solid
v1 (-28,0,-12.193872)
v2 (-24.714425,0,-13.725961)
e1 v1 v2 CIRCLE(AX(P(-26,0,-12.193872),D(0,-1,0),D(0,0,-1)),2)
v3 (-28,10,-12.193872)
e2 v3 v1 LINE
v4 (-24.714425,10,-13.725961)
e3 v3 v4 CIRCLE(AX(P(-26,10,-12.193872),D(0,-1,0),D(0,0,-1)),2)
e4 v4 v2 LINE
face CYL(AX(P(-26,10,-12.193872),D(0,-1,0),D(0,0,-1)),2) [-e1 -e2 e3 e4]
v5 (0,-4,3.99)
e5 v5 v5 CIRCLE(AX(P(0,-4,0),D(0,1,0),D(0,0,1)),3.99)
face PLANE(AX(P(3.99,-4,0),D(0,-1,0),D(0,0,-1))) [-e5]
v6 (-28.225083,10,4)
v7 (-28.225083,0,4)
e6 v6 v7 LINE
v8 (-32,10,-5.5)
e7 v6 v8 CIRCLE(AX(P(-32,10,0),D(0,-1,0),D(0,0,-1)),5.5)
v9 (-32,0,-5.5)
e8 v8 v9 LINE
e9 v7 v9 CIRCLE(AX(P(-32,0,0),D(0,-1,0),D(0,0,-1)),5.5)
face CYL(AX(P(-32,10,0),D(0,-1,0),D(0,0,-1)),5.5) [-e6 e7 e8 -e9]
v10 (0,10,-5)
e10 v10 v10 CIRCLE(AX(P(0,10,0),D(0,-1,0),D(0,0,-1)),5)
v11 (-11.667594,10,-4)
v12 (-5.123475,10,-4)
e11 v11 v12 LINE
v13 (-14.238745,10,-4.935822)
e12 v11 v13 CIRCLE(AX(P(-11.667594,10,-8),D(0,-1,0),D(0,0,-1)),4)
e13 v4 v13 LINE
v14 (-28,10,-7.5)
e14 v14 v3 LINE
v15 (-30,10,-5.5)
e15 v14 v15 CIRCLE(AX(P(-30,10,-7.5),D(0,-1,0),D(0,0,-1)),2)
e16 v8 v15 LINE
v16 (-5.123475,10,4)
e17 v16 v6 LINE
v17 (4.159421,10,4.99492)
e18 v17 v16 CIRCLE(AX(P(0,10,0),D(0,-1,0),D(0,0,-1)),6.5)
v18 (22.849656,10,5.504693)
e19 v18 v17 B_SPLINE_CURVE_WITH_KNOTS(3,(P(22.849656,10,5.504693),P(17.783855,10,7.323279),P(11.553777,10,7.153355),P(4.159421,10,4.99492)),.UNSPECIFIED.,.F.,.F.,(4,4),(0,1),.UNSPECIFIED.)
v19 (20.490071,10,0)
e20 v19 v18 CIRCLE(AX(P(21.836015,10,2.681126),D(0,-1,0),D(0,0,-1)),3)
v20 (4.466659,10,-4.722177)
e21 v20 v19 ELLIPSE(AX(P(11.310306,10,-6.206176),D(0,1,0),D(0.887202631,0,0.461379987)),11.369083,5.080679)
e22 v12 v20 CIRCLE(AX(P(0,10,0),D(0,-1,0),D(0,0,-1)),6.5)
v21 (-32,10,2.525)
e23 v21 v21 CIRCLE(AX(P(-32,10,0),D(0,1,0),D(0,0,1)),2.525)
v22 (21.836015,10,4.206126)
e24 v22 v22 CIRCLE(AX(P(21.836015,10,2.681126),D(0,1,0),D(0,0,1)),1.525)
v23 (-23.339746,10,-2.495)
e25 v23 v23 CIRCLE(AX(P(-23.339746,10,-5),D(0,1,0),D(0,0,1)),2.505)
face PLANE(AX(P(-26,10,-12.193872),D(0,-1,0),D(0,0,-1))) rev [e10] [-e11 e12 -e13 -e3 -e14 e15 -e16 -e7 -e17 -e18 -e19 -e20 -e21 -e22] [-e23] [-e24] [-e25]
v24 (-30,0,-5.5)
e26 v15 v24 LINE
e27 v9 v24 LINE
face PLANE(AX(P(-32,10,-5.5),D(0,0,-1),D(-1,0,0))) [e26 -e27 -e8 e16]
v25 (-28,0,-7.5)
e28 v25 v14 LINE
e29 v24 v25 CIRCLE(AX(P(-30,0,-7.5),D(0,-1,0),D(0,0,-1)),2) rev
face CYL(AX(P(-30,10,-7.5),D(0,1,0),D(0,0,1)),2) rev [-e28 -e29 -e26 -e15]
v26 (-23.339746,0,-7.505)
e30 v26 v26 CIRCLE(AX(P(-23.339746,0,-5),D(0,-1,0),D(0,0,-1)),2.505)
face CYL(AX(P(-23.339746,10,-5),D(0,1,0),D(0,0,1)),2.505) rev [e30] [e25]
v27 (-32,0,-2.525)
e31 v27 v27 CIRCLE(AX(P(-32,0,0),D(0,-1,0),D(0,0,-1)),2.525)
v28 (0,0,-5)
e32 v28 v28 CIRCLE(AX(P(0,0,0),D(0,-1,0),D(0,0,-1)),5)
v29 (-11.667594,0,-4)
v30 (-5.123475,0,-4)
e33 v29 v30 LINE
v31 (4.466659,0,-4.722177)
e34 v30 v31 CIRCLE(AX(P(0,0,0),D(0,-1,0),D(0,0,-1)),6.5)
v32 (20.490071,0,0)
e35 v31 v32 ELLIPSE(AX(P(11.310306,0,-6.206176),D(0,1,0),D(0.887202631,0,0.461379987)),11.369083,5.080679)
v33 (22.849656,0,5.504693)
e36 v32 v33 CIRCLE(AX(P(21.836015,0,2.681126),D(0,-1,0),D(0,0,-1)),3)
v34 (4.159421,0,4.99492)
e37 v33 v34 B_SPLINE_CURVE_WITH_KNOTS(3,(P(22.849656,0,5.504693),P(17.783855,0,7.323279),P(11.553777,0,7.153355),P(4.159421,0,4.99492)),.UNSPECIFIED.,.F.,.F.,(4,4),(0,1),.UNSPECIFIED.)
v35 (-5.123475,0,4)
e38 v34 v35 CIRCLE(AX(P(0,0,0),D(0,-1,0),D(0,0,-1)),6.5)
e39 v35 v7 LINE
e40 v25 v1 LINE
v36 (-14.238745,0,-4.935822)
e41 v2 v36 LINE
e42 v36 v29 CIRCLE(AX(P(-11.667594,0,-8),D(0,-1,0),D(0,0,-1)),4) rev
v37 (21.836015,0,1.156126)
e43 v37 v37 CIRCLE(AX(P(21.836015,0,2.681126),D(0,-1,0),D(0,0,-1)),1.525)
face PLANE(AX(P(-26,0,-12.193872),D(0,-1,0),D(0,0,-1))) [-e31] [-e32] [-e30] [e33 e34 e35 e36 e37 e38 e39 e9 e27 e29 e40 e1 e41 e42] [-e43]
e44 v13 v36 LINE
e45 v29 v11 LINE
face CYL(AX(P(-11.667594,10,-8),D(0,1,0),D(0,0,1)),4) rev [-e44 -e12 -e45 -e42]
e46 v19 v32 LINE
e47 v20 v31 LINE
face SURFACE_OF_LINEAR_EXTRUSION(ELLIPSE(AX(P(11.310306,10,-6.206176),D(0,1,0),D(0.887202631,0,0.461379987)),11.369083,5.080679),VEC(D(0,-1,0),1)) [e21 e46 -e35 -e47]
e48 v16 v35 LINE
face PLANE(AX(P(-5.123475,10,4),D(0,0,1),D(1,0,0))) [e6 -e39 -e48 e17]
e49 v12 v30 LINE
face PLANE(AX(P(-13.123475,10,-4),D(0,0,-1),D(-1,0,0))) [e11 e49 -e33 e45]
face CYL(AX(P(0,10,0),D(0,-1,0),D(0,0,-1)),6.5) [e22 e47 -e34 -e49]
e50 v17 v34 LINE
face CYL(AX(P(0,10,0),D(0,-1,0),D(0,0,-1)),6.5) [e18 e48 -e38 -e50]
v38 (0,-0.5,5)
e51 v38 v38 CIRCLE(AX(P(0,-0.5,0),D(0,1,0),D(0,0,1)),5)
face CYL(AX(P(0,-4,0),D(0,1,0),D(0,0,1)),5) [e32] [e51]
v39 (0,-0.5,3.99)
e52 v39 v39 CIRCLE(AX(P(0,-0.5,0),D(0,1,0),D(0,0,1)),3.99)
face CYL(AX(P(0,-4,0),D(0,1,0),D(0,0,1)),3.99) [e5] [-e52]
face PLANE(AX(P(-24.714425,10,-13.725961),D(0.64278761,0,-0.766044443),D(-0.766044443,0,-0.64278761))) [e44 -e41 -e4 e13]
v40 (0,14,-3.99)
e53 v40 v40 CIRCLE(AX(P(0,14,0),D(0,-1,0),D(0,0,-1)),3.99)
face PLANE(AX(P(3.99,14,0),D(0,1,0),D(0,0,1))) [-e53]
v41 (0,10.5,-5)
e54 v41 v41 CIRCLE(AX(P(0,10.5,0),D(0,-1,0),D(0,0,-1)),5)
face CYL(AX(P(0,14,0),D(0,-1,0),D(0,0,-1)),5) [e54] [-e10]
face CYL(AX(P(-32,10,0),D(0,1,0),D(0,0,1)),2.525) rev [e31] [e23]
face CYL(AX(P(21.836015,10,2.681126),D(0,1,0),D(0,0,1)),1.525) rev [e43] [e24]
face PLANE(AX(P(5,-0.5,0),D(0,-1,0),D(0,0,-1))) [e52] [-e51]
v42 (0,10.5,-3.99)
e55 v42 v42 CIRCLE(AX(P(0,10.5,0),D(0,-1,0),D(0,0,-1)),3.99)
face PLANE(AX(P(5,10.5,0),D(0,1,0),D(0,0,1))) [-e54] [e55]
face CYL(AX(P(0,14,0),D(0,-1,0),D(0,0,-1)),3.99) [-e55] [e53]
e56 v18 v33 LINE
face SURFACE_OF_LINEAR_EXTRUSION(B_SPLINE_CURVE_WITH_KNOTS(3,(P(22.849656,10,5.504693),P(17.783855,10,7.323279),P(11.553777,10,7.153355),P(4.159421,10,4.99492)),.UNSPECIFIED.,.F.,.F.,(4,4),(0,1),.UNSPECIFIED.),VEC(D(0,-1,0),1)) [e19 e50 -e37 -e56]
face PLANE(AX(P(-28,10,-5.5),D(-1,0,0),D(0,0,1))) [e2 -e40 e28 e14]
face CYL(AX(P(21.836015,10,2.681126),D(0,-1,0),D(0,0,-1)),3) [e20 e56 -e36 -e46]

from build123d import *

# Parameters (mm, degrees)
EXTRUDE_1_DEPTH     = 10
HOLE_WIZARD_1_D     = 3.05
HOLE_WIZARD_1_DEPTH = 14
HOLE_WIZARD_2_D     = 5.01
HOLE_WIZARD_2_DEPTH = 14
HOLE_WIZARD_3_D     = 5.05
HOLE_WIZARD_3_DEPTH = 14
FILLET_1_R          = 2
FILLET_2_R          = 4


with BuildPart() as part:
    # 草图1 → 凸台-拉伸1 (new body)
    with BuildSketch(Plane.XZ):
        with BuildLine():
            Line((-28, -5.5), (-28, -12.193872478))
            ThreePointArc((-28, -12.193872478), (-26.845236523, -14.006488052), (-24.714424781, -13.725961365))
            Line((-24.714424781, -13.725961365), (-13.123475383, -4))
            Line((-13.123475383, -4), (-5.123475383, -4))
            ThreePointArc((-5.123475383, -4), (-0.488094847, -6.481648202), (4.466659496, -4.722176717))
            add(Edge.make_bspline(
                [(20.490071148, 0), (14.378134184, 3.89268165), (4.466659496, -4.722176717)],
                knots=[0.252803303, 0.252803303, 0.252803303, 2.064431363, 2.064431363, 2.064431363], degree=2, weights=[1, 0.617045201, 1]))
            ThreePointArc((20.490071148, 0), (24.593372298, 1.499185377), (22.849655998, 5.50469291))
            add(Edge.make_bspline(
                [(4.159420521, 4.994919512), (11.553776754, 7.153354998), (17.783855246, 7.323279465), (22.849655998, 5.50469291)],
                knots=[0, 0, 0, 0, 1, 1, 1, 1], degree=3))
            ThreePointArc((4.159420521, 4.994919512), (-0.692687991, 6.462985637), (-5.123475383, 4))
            Line((-5.123475383, 4), (-28.225082782, 4))
            ThreePointArc((-28.225082782, 4), (-37.111262075, 2.031009601), (-32, -5.5))
            Line((-32, -5.5), (-28, -5.5))
        make_face()
    extrude(amount=-EXTRUDE_1_DEPTH)

    # 草图2 → 旋转1 (revolve)
    with BuildSketch(Plane(origin=(0, 0, 0), x_dir=(-1, 0, 0), z_dir=(0, 0, -1)), mode=Mode.PRIVATE) as revolve_1_sk:
        Polygon((-3.99, -4), (0, -4), (0, 0), (-5, 0), (-5, -0.5), (-3.99, -0.5), align=None)
    revolve(revolve_1_sk.sketch.rotate(Axis((0, -4, 0), (0, 1, 0)), 270), axis=Axis((0, -4, 0), (0, 1, 0)))

    # 草图3 → 旋转2 (revolve)
    with BuildSketch(Plane.XY, mode=Mode.PRIVATE) as revolve_2_sk:
        Polygon((3.99, 14), (0, 14), (0, 10), (5, 10), (5, 10.5), (3.99, 10.5), align=None)
    revolve(revolve_2_sk.sketch.rotate(Axis((0, 14, 0), (0, -1, 0)), 270), axis=Axis((0, 14, 0), (0, -1, 0)))

    # 孔1
    with Locations(Plane(origin=(0, 10, 0), x_dir=(1, 0, 0), z_dir=(0, 1, 0))):
        with Locations((21.836015336, -2.681125555)):
            Hole(HOLE_WIZARD_1_D / 2, depth=HOLE_WIZARD_1_DEPTH)

    # 孔2
    with Locations(Plane(origin=(0, 10, 0), x_dir=(1, 0, 0), z_dir=(0, 1, 0))):
        with Locations((-23.339745962, 5)):
            Hole(HOLE_WIZARD_2_D / 2, depth=HOLE_WIZARD_2_DEPTH)

    # 孔3
    with Locations(Plane(origin=(0, 10, 0), x_dir=(1, 0, 0), z_dir=(0, 1, 0))):
        with Locations((-32, 0)):
            Hole(HOLE_WIZARD_3_D / 2, depth=HOLE_WIZARD_3_DEPTH)

    # 圆角1
    fillet_1_edges = [part.edges().sort_by_distance(p)[0] for p in [
        (-28, 5, -5.5),
    ]]
    fillet(fillet_1_edges, radius=FILLET_1_R)

    # 圆角2
    fillet_2_edges = [part.edges().sort_by_distance(p)[0] for p in [
        (-13.123475383, 5, -4),
    ]]
    fillet(fillet_2_edges, radius=FILLET_2_R)


solid = part.part
